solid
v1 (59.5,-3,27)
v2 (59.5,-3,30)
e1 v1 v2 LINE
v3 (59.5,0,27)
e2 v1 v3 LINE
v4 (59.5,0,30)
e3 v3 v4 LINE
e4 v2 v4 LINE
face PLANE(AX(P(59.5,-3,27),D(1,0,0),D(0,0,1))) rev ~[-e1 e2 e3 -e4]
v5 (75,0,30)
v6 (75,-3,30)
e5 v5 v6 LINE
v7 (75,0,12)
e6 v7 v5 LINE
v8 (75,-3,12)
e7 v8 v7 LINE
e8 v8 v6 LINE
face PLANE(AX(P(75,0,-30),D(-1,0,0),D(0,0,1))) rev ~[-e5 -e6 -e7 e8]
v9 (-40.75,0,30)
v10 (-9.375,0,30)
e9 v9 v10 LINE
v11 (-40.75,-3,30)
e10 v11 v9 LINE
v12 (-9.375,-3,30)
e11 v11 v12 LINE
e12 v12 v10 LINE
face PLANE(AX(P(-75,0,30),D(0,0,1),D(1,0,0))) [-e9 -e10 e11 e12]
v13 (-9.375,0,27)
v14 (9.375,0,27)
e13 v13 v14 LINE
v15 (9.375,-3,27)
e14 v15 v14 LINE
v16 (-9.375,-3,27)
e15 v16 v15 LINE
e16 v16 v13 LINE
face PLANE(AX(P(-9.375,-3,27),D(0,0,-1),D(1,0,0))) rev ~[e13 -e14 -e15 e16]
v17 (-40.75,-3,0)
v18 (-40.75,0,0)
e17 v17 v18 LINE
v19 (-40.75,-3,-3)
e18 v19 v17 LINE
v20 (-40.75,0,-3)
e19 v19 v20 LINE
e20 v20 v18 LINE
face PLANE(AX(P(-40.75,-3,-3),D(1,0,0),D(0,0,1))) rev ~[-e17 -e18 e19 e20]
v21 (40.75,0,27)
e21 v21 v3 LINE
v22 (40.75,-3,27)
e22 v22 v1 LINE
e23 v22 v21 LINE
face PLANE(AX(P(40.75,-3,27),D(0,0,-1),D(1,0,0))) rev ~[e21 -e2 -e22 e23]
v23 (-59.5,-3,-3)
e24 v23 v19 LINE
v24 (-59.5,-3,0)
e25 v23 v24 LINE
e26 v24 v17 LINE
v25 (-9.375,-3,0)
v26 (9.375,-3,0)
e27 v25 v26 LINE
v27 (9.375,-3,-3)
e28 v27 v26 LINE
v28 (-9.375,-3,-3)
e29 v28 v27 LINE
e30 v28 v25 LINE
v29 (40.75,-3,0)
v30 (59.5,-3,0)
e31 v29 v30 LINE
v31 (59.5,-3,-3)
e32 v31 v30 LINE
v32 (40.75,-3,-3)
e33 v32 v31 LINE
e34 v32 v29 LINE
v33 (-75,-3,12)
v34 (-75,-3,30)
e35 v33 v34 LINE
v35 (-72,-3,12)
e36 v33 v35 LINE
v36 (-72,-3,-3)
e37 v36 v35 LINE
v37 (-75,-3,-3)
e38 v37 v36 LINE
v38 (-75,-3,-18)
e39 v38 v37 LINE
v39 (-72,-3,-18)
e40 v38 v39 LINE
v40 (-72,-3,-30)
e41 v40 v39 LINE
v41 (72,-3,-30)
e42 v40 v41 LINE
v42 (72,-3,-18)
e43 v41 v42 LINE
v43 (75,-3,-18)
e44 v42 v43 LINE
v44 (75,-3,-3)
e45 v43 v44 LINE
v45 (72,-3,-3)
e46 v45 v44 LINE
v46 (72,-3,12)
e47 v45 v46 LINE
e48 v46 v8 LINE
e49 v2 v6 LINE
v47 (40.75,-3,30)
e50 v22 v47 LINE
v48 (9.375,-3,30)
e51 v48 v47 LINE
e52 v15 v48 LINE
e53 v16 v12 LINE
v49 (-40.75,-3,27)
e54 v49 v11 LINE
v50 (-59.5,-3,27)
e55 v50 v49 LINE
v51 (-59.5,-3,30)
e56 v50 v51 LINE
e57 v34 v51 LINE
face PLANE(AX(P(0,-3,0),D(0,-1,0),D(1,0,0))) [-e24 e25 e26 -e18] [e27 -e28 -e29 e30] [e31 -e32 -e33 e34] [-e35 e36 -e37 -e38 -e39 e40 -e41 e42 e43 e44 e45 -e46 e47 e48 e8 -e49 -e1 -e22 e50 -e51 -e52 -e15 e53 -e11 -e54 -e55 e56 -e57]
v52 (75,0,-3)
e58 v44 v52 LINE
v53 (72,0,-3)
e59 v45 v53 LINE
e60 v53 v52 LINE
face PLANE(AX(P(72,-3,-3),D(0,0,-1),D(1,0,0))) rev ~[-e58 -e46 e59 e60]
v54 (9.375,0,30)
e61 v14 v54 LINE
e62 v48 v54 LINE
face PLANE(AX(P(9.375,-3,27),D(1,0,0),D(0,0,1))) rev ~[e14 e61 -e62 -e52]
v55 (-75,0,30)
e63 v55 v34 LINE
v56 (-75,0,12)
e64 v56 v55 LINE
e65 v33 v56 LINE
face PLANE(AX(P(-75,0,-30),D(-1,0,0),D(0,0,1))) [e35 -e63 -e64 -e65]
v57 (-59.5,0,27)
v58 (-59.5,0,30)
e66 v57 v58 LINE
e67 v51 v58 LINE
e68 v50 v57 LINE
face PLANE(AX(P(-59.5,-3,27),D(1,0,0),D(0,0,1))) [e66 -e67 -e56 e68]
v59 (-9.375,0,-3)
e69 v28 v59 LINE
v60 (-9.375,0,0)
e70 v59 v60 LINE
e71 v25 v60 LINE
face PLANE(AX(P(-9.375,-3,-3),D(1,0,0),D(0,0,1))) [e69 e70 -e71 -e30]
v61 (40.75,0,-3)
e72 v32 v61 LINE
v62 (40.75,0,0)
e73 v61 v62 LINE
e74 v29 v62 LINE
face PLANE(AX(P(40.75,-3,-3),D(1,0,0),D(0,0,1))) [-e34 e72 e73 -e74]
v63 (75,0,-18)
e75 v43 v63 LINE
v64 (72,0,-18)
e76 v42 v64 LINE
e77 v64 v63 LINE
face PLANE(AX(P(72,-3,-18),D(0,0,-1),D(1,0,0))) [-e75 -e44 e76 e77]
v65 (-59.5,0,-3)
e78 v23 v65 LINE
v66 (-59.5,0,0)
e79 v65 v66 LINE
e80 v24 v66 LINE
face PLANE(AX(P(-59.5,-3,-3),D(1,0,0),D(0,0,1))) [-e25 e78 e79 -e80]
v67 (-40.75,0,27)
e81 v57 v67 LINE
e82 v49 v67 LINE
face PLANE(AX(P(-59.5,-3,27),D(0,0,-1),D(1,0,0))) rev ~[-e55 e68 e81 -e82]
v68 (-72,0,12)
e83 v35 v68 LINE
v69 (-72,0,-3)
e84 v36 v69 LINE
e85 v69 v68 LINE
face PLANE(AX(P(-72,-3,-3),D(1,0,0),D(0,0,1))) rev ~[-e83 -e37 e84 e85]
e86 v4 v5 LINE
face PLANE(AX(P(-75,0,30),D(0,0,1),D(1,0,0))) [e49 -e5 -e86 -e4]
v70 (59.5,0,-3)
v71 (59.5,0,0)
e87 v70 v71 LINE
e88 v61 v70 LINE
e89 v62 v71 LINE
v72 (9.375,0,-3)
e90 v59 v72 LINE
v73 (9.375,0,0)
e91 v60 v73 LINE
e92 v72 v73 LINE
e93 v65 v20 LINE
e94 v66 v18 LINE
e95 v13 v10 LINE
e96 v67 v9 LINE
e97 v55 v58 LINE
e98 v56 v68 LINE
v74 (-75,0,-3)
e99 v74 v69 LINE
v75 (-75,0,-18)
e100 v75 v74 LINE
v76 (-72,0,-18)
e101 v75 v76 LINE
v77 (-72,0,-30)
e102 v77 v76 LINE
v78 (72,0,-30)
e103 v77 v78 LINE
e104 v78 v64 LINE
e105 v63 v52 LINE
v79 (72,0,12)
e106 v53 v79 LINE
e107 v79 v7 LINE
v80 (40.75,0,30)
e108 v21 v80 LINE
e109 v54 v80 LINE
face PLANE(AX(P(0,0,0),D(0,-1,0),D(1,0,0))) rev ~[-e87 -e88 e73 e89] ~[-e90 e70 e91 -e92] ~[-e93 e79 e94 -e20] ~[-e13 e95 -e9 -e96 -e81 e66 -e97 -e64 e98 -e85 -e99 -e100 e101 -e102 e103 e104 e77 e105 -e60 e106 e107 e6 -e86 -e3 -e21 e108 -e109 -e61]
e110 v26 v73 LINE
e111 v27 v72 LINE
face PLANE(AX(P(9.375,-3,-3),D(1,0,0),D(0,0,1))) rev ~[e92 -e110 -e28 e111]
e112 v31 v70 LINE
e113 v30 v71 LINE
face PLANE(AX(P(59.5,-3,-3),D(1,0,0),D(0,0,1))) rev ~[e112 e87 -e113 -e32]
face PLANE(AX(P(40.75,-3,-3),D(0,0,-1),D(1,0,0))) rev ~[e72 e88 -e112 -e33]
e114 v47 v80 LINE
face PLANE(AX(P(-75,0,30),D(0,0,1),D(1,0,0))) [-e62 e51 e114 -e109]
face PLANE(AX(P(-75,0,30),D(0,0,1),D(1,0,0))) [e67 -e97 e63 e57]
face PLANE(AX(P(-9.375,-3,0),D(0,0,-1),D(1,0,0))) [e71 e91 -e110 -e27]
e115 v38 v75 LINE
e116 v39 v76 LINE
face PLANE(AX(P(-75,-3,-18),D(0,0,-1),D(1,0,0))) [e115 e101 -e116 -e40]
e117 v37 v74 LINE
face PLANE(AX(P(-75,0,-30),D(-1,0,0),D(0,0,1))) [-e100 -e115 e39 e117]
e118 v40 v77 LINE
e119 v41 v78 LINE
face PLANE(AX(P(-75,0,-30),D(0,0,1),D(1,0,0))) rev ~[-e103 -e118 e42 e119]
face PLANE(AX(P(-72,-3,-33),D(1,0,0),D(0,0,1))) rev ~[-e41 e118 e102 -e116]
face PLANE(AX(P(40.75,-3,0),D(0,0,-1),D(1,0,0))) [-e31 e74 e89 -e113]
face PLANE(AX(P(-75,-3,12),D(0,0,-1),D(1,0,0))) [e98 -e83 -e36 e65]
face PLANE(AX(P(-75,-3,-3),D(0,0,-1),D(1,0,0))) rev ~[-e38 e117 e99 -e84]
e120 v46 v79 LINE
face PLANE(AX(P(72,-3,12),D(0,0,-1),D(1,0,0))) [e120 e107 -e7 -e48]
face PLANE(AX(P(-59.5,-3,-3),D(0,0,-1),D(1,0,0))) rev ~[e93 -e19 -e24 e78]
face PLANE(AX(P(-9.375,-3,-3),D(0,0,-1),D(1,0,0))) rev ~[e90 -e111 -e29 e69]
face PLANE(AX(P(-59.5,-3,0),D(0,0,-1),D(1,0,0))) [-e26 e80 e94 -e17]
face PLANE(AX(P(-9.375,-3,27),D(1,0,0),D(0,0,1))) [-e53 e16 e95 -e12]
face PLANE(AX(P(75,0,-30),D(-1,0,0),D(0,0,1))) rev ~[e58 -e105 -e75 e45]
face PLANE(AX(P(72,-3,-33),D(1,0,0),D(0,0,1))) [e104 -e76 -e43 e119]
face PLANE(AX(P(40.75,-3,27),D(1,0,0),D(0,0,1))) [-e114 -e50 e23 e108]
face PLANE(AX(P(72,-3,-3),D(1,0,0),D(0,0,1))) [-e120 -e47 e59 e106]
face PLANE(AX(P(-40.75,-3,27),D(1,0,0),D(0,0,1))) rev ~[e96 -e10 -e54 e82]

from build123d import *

# Parameters (mm, degrees)
F0_W     = 150
F0_H     = 60
F1_DEPTH = 3
F2_W     = 18.75
F2_H     = 3
F3_DEPTH = 3
F4_W     = 3
F4_H     = 15
F5_DEPTH = 3


with BuildPart() as f1:
    # F0 (on Front) → F1 (new body)
    with BuildSketch(Plane.XZ):
        Rectangle(F0_W, F0_H)
    extrude(amount=F1_DEPTH)

    # F2 (on face) → F3 (cut, through all)
    with BuildSketch(Plane.XZ.offset(3)):
        with Locations((-50.125, 28.5)):
            Rectangle(F2_W, F2_H)
        with Locations((-50.125, -1.5)):
            Rectangle(F2_W, F2_H)
        with Locations((0, 28.5)):
            Rectangle(F2_W, F2_H)
        with Locations((0, -1.5)):
            Rectangle(F2_W, F2_H)
        with Locations((50.125, 28.5)):
            Rectangle(F2_W, F2_H)
        with Locations((50.125, -1.5)):
            Rectangle(F2_W, F2_H)
    extrude(amount=-F3_DEPTH, mode=Mode.SUBTRACT)

    # F4 (on face) → F5 (cut, through all)
    with BuildSketch(Plane.XZ.offset(3)):
        with Locations((-73.5, 4.5)):
            Rectangle(F4_W, F4_H)
        with Locations((-73.5, -25.5)):
            Rectangle(F4_W, F4_H)
        with Locations((73.5, 4.5)):
            Rectangle(F4_W, F4_H)
        with Locations((73.5, -25.5)):
            Rectangle(F4_W, F4_H)
    extrude(amount=-F5_DEPTH, mode=Mode.SUBTRACT)


solid = f1.part
